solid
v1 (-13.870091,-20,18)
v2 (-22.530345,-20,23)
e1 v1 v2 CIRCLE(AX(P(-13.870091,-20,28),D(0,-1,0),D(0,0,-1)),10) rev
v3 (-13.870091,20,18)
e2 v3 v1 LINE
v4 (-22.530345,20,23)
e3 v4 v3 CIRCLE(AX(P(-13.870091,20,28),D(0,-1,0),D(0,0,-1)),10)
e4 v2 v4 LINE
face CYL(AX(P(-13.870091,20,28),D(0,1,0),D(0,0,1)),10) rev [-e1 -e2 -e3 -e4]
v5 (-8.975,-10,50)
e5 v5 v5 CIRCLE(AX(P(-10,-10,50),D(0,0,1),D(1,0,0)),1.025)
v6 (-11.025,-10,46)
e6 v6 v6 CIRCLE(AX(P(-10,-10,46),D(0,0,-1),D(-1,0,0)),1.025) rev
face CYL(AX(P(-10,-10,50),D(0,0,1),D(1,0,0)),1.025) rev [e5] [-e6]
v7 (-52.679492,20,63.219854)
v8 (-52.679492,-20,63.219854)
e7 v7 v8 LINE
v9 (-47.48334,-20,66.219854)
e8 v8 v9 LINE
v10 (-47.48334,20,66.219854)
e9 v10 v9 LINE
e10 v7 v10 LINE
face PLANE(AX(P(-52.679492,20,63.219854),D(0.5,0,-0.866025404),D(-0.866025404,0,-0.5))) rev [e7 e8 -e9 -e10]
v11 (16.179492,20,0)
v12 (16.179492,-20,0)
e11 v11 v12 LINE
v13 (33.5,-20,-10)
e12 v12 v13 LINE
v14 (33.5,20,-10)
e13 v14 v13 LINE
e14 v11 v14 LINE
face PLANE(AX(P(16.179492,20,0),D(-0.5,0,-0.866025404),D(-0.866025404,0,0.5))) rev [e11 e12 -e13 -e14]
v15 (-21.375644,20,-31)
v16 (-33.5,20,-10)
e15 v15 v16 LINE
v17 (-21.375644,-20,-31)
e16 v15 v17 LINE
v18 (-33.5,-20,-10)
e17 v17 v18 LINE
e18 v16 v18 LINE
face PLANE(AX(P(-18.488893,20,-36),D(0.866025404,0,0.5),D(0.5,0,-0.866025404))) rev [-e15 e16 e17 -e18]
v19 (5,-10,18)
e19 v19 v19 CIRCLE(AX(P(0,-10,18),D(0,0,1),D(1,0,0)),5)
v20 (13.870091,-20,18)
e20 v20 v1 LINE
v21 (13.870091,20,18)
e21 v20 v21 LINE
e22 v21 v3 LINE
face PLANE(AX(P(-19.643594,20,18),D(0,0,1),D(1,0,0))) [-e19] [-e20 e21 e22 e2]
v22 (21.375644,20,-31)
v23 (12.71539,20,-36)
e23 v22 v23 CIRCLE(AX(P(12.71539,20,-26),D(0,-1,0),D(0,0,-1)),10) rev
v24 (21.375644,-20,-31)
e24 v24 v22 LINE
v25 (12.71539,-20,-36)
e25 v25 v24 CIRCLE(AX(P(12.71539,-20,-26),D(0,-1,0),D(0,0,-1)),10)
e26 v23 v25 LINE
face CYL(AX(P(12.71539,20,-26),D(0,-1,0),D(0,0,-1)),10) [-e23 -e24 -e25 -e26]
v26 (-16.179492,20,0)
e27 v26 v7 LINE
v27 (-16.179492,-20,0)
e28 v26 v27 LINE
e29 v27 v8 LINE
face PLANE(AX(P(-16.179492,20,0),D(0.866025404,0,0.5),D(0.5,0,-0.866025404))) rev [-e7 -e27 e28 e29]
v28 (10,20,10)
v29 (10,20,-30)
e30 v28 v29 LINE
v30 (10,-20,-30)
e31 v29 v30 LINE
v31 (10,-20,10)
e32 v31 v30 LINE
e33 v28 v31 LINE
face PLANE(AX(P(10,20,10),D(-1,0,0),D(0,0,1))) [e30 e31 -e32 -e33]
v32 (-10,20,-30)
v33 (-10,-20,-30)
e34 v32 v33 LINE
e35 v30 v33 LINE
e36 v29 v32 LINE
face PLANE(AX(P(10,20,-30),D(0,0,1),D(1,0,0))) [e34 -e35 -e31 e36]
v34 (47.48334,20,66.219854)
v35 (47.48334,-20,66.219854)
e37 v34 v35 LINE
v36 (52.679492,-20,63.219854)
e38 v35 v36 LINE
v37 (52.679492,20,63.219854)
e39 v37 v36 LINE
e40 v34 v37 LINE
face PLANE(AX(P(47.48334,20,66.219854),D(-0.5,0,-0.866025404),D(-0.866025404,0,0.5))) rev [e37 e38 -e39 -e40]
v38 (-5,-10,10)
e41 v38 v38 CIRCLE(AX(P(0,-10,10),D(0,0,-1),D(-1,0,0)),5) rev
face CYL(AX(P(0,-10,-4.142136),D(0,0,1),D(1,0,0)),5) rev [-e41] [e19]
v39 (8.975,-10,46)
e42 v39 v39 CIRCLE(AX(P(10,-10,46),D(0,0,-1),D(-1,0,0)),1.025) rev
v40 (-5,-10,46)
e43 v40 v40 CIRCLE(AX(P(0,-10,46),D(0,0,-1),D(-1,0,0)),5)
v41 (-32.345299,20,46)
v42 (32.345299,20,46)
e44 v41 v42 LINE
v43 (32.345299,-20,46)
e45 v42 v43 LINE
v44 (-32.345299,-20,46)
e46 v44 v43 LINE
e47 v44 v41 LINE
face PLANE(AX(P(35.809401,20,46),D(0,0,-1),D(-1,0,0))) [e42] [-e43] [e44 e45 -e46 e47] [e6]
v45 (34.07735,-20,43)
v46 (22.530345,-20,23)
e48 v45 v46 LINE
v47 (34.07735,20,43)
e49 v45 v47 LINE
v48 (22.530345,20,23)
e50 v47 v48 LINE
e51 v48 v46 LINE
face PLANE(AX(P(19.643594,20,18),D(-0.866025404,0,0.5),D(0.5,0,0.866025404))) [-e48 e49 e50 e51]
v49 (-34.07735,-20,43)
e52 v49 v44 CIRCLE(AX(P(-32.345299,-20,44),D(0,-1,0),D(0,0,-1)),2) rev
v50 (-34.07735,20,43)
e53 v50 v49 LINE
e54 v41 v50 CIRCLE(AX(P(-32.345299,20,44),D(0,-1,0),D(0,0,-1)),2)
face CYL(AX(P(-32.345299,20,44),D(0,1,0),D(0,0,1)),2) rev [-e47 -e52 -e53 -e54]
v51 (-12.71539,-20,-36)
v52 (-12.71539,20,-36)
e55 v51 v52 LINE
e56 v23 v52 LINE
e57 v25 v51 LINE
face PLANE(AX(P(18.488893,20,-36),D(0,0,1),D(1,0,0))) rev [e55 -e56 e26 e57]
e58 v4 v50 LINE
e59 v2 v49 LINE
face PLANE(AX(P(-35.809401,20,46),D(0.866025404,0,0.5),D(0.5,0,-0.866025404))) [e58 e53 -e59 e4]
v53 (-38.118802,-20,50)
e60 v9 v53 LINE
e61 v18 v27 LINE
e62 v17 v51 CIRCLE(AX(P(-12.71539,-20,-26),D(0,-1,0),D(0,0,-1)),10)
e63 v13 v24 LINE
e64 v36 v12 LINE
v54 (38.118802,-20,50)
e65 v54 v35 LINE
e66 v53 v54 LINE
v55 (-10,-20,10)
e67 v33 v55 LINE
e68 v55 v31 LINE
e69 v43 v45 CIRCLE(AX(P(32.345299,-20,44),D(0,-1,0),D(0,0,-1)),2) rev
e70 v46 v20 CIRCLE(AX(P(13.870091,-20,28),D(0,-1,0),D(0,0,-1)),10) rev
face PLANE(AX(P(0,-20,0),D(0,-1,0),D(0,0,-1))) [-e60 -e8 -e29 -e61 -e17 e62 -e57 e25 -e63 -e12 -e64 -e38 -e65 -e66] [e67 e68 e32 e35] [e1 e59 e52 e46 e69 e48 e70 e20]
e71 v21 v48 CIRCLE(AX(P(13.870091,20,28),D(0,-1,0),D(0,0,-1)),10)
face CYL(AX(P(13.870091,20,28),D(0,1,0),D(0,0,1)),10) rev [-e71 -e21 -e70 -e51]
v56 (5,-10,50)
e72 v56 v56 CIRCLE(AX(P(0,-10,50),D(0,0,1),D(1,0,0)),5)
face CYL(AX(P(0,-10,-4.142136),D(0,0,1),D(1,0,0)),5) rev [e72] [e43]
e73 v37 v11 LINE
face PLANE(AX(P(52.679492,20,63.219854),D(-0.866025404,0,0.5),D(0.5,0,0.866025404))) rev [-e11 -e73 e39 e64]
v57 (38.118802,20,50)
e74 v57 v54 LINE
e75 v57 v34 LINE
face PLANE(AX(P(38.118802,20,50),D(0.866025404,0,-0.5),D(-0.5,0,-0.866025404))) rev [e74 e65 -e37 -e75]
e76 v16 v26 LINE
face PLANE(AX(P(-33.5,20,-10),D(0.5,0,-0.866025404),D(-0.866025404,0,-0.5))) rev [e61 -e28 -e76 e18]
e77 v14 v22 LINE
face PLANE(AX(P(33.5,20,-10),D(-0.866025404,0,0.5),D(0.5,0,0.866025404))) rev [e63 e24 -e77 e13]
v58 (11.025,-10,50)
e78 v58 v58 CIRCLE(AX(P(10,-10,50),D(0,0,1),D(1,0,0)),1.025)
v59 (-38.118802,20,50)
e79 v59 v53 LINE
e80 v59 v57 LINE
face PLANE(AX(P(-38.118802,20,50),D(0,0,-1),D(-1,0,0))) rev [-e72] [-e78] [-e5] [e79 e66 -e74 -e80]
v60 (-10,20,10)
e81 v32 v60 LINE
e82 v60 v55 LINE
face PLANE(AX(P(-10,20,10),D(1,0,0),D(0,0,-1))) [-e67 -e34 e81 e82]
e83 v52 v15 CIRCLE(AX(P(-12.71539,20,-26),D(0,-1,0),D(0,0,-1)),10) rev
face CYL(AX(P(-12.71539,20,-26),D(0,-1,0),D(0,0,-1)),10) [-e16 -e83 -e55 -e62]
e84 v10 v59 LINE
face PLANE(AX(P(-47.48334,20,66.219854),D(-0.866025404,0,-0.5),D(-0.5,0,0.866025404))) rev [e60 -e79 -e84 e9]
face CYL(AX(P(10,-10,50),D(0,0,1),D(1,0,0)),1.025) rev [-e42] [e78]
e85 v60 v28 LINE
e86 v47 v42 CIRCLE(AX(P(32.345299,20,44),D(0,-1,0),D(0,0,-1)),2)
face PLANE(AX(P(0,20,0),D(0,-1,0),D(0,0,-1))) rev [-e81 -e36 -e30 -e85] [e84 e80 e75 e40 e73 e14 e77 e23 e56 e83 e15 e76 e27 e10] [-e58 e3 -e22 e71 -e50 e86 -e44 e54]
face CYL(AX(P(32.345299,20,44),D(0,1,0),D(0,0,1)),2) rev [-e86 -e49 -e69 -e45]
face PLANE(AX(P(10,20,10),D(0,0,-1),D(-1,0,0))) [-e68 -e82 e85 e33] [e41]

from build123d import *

# Parameters (mm, degrees)
SKETCH_1_W              = 20
SKETCH_1_H              = 40
EXTRUDE_763_DEPTH       = 20
FILLET_1_R              = 10
FILLET_2_R              = 2
CUT_EXTRUDE_1402_REACH  = 104.816
SKETCH_2_R              = 5
HOLE_WIZARD_M2_5_REACH  = 104.816
HOLE_WIZARD_M2_5_BORE_R = 1.025


with BuildPart() as part:
    # Эскиз1 → Extrude 763 (new, symmetric)
    with BuildSketch(Plane(origin=(0, 0, 0), x_dir=(1, 0, 0), z_dir=(0, 1, 0))):
        Polygon((-38.118802154, -50), (38.118802154, -50), (47.483339502, -66.219854476), (52.679491924, -63.219854476), (16.179491924, 0), (33.5, 10), (18.488893001, 36), (-18.488893001, 36), (-33.5, 10), (-16.179491924, 0), (-52.679491924, -63.219854476), (-47.483339502, -66.219854476), align=None)
        Polygon((-35.809401077, -46), (-19.643593539, -18), (19.643593539, -18), (35.809401077, -46), align=None, mode=Mode.SUBTRACT)
        with Locations((0, 10)):
            Rectangle(SKETCH_1_W, SKETCH_1_H, mode=Mode.SUBTRACT)
    extrude(amount=EXTRUDE_763_DEPTH, both=True)

    # Скругление1
    fillet_1_edges = [part.edges().sort_by_distance(p)[0] for p in [
        (-18.488893001, 0, -36),
        (18.488893001, 0, -36),
        (19.643593539, 0, 18),
        (-19.643593539, 0, 18),
    ]]
    fillet(fillet_1_edges, radius=FILLET_1_R)

    # Скругление2
    fillet_2_edges = [part.edges().sort_by_distance(p)[0] for p in [
        (35.809401077, 0, 46),
        (-35.809401077, 0, 46),
    ]]
    fillet(fillet_2_edges, radius=FILLET_2_R)

    # Cut-Extrude 1402: up to this face of the body (flat: up to its plane)
    cut_extrude_1402_end = Plane(part.part.faces().sort_by_distance((0, 0, 10))[0])
    # Эскиз2 → Cut-Extrude 1402 (cut, up to the picked face)
    with BuildSketch(Plane.XY.offset(50), mode=Mode.PRIVATE) as cut_extrude_1402_sk1:
        with Locations((0, -10)):
            Circle(SKETCH_2_R)
    cut_extrude_1402_tool1 = split(extrude(cut_extrude_1402_sk1.sketch, amount=-CUT_EXTRUDE_1402_REACH, mode=Mode.PRIVATE), bisect_by=cut_extrude_1402_end, keep=Keep.BOTH, mode=Mode.PRIVATE)
    add(cut_extrude_1402_tool1.solids().sort_by(Axis((0, -10, 50), (0, 0, -1)))[0], mode=Mode.SUBTRACT)

    # Заглушка подшипника M2.5 bore → Заглушка подшипника M2.5 (cut, up to next)
    with BuildSketch(Plane.XY.offset(50), mode=Mode.PRIVATE) as hole_wizard_m2_5_sk1:
        with Locations((-10, -10)):
            Circle(HOLE_WIZARD_M2_5_BORE_R)
    hole_wizard_m2_5_tool1 = extrude(hole_wizard_m2_5_sk1.sketch, amount=-HOLE_WIZARD_M2_5_REACH, mode=Mode.PRIVATE) & part.part
    # Заглушка подшипника M2.5 bore → Заглушка подшипника M2.5 (cut, up to next)
    with BuildSketch(Plane.XY.offset(50), mode=Mode.PRIVATE) as hole_wizard_m2_5_sk2:
        with Locations((10, -10)):
            Circle(HOLE_WIZARD_M2_5_BORE_R)
    hole_wizard_m2_5_tool2 = extrude(hole_wizard_m2_5_sk2.sketch, amount=-HOLE_WIZARD_M2_5_REACH, mode=Mode.PRIVATE) & part.part
    add(hole_wizard_m2_5_tool1.solids().sort_by_distance((-10, -10, 50))[0], mode=Mode.SUBTRACT)
    add(hole_wizard_m2_5_tool2.solids().sort_by_distance((10, -10, 50))[0], mode=Mode.SUBTRACT)


solid = part.part
